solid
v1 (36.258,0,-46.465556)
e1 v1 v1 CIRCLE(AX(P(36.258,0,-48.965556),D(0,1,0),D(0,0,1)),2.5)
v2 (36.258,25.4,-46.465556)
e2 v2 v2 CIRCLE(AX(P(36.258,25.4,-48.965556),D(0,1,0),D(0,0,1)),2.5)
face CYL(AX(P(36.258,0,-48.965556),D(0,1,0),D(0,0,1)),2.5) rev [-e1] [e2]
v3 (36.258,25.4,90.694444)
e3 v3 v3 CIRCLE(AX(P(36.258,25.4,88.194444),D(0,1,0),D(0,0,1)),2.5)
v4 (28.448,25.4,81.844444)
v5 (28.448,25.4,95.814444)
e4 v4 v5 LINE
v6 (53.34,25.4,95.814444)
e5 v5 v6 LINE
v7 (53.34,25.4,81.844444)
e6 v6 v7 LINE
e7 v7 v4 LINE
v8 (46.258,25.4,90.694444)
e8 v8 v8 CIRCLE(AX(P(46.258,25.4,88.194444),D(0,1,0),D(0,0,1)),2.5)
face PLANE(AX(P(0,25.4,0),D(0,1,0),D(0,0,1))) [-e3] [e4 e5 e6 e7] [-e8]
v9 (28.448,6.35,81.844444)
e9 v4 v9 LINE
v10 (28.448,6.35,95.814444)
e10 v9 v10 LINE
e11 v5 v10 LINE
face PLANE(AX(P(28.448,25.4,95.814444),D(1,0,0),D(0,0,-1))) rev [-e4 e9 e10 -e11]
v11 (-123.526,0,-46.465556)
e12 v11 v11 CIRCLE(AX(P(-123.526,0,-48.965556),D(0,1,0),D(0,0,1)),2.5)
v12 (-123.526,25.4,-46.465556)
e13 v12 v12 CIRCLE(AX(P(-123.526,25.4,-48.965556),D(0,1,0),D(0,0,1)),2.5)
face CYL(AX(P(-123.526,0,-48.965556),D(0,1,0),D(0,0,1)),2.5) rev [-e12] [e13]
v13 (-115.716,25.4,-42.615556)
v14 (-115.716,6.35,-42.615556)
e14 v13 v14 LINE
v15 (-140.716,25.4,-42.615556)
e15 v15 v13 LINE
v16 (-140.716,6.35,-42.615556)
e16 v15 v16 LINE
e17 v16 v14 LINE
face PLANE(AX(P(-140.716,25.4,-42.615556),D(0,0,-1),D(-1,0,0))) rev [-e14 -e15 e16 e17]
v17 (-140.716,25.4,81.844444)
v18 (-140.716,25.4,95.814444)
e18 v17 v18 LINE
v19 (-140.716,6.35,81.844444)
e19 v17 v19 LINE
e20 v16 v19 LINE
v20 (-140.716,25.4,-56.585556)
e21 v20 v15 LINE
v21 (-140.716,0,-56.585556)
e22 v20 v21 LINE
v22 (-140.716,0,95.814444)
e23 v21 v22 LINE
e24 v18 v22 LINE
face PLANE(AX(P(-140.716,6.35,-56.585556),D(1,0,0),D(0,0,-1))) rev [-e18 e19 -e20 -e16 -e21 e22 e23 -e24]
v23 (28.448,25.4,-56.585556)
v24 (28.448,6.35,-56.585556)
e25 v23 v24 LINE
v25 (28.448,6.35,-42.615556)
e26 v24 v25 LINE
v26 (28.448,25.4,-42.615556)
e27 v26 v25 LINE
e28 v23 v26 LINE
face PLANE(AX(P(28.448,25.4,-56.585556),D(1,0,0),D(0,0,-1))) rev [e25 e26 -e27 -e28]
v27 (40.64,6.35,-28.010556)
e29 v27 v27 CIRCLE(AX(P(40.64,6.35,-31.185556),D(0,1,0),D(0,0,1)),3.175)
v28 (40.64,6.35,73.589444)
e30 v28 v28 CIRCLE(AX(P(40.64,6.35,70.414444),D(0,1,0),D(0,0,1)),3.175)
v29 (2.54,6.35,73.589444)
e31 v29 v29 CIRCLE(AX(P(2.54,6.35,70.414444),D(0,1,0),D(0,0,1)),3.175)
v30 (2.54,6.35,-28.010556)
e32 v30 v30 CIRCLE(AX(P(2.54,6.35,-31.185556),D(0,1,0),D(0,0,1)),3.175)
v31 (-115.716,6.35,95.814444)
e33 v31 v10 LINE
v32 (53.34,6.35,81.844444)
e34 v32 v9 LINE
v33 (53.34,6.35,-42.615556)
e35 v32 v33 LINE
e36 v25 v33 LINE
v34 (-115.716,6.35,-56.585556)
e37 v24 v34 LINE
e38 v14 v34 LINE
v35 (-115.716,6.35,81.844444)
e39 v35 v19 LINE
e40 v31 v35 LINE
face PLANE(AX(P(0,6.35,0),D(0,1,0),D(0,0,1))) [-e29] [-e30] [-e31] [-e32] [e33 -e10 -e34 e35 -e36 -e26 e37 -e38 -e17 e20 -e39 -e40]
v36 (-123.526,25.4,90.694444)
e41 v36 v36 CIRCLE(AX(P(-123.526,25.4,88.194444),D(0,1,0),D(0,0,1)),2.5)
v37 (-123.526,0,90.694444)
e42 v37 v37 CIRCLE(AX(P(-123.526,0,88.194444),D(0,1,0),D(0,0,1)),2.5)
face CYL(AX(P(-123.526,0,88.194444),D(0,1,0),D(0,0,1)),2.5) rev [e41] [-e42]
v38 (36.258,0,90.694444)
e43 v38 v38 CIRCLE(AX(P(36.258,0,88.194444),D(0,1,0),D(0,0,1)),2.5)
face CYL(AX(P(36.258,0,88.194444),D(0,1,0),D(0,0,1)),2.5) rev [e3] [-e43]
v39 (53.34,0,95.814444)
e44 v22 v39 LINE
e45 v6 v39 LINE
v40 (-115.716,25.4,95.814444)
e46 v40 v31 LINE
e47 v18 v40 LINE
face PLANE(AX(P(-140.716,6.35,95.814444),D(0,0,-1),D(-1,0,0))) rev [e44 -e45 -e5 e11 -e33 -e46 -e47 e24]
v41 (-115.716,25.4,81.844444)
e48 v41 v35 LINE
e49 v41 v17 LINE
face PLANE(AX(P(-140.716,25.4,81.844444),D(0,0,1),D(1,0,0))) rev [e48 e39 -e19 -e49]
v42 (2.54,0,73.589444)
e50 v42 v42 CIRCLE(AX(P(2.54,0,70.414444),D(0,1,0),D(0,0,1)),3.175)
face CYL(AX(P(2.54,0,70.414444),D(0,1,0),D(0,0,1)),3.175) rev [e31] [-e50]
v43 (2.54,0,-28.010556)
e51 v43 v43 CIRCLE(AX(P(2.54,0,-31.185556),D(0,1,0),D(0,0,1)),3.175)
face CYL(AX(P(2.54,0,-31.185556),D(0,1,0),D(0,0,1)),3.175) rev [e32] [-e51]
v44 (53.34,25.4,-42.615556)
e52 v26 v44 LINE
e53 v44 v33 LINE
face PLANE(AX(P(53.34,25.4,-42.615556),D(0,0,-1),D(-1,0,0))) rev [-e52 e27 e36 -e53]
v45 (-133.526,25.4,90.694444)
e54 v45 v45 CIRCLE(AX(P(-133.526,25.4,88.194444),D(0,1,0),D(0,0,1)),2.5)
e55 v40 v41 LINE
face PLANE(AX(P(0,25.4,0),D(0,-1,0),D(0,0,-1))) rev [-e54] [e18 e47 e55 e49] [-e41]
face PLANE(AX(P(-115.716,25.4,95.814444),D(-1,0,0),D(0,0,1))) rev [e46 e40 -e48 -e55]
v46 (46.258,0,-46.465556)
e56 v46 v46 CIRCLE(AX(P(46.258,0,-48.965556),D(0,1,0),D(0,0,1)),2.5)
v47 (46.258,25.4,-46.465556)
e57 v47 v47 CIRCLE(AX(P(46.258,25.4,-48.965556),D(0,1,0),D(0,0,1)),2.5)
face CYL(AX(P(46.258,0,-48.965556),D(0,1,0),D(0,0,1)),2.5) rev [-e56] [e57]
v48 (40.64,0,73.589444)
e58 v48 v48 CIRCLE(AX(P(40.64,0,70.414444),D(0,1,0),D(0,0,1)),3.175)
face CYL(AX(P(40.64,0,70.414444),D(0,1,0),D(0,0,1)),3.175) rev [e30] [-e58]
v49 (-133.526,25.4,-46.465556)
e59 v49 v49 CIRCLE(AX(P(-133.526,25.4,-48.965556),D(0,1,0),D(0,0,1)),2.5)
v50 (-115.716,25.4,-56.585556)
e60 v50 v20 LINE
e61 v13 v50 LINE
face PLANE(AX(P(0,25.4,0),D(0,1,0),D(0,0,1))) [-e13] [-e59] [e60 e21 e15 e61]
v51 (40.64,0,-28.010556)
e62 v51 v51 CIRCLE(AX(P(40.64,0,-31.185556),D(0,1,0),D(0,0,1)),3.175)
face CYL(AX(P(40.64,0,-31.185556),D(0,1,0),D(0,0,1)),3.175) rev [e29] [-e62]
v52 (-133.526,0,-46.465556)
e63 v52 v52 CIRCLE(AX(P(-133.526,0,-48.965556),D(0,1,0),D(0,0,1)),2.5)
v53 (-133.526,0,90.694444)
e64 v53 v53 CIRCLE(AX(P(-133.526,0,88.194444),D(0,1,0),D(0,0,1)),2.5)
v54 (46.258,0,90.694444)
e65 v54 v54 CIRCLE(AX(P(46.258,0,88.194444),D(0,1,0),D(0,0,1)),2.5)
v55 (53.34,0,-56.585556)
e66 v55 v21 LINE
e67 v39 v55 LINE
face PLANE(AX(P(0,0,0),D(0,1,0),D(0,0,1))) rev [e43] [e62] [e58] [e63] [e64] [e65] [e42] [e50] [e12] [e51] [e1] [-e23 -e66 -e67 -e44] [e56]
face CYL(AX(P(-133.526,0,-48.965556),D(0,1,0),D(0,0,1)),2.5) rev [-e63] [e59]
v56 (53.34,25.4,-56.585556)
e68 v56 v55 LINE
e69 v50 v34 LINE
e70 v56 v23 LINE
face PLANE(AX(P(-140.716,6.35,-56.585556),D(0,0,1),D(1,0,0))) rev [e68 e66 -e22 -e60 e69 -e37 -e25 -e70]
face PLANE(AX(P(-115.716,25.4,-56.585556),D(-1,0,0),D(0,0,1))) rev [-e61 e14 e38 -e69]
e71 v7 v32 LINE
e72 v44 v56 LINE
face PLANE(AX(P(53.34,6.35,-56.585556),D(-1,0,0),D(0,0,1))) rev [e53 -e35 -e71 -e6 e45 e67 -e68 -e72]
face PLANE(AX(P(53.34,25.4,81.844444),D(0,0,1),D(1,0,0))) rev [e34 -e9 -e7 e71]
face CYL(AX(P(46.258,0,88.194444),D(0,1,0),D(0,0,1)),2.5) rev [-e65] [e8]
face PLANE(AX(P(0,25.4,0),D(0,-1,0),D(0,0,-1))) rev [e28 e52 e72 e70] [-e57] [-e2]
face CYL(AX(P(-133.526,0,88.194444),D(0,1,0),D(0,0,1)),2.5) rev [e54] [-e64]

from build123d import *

# Parameters (mm, degrees)
SKETCH2_W           = 194.056
SKETCH2_H           = 152.4
BOSS_EXTRUDE1_DEPTH = 6.35
SKETCH3_R           = 3.175
CUT_EXTRUDE1_DEPTH  = 6.35
SKETCH4_W           = 24.892
SKETCH4_H           = 13.97
SKETCH4_W_2         = 25
BOSS_EXTRUDE2_DEPTH = 19.05
SKETCH5_R           = 2.5
CUT_EXTRUDE2_DEPTH  = 26.4


with BuildPart() as part:
    # Sketch2 → Boss-Extrude1 (new body)
    with BuildSketch(Plane(origin=(0, 0, 0), x_dir=(1, 0, 0), z_dir=(0, 1, 0))):
        with Locations((-43.688, -19.614444444)):
            Rectangle(SKETCH2_W, SKETCH2_H)
    extrude(amount=BOSS_EXTRUDE1_DEPTH)

    # Sketch3 → Cut-Extrude1 (cut)
    with BuildSketch(Plane(origin=(0, 6.35, 0), x_dir=(1, 0, 0), z_dir=(0, 1, 0))):
        with Locations((2.54, -70.414444444)):
            Circle(SKETCH3_R)
        with Locations((2.54, 31.185555556)):
            Circle(SKETCH3_R)
        with Locations((40.64, 31.185555556)):
            Circle(SKETCH3_R)
        with Locations((40.64, -70.414444444)):
            Circle(SKETCH3_R)
    extrude(amount=-CUT_EXTRUDE1_DEPTH, mode=Mode.SUBTRACT)

    # Sketch4 → Boss-Extrude2 (add)
    with BuildSketch(Plane(origin=(0, 6.35, 0), x_dir=(1, 0, 0), z_dir=(0, 1, 0))):
        with Locations((40.894, -88.829444444)):
            Rectangle(SKETCH4_W, SKETCH4_H)
        with Locations((-128.216, -88.829444444)):
            Rectangle(SKETCH4_W_2, SKETCH4_H)
        with Locations((-128.216, 49.600555556)):
            Rectangle(SKETCH4_W_2, SKETCH4_H)
        with Locations((40.894, 49.600555556)):
            Rectangle(SKETCH4_W, SKETCH4_H)
    extrude(amount=BOSS_EXTRUDE2_DEPTH)

    # Sketch5 → Cut-Extrude2 (cut, through all)
    with BuildSketch(Plane(origin=(0, 25.4, 0), x_dir=(1, 0, 0), z_dir=(0, 1, 0))):
        with Locations((-133.526, -88.194444444)):
            Circle(SKETCH5_R)
        with Locations((-123.526, -88.194444444)):
            Circle(SKETCH5_R)
        with Locations((-133.526, 48.965555556)):
            Circle(SKETCH5_R)
        with Locations((-123.526, 48.965555556)):
            Circle(SKETCH5_R)
        with Locations((36.258, 48.965555556)):
            Circle(SKETCH5_R)
        with Locations((46.258, 48.965555556)):
            Circle(SKETCH5_R)
        with Locations((36.258, -88.194444444)):
            Circle(SKETCH5_R)
        with Locations((46.258, -88.194444444)):
            Circle(SKETCH5_R)
    extrude(amount=-CUT_EXTRUDE2_DEPTH, mode=Mode.SUBTRACT)


solid = part.part
